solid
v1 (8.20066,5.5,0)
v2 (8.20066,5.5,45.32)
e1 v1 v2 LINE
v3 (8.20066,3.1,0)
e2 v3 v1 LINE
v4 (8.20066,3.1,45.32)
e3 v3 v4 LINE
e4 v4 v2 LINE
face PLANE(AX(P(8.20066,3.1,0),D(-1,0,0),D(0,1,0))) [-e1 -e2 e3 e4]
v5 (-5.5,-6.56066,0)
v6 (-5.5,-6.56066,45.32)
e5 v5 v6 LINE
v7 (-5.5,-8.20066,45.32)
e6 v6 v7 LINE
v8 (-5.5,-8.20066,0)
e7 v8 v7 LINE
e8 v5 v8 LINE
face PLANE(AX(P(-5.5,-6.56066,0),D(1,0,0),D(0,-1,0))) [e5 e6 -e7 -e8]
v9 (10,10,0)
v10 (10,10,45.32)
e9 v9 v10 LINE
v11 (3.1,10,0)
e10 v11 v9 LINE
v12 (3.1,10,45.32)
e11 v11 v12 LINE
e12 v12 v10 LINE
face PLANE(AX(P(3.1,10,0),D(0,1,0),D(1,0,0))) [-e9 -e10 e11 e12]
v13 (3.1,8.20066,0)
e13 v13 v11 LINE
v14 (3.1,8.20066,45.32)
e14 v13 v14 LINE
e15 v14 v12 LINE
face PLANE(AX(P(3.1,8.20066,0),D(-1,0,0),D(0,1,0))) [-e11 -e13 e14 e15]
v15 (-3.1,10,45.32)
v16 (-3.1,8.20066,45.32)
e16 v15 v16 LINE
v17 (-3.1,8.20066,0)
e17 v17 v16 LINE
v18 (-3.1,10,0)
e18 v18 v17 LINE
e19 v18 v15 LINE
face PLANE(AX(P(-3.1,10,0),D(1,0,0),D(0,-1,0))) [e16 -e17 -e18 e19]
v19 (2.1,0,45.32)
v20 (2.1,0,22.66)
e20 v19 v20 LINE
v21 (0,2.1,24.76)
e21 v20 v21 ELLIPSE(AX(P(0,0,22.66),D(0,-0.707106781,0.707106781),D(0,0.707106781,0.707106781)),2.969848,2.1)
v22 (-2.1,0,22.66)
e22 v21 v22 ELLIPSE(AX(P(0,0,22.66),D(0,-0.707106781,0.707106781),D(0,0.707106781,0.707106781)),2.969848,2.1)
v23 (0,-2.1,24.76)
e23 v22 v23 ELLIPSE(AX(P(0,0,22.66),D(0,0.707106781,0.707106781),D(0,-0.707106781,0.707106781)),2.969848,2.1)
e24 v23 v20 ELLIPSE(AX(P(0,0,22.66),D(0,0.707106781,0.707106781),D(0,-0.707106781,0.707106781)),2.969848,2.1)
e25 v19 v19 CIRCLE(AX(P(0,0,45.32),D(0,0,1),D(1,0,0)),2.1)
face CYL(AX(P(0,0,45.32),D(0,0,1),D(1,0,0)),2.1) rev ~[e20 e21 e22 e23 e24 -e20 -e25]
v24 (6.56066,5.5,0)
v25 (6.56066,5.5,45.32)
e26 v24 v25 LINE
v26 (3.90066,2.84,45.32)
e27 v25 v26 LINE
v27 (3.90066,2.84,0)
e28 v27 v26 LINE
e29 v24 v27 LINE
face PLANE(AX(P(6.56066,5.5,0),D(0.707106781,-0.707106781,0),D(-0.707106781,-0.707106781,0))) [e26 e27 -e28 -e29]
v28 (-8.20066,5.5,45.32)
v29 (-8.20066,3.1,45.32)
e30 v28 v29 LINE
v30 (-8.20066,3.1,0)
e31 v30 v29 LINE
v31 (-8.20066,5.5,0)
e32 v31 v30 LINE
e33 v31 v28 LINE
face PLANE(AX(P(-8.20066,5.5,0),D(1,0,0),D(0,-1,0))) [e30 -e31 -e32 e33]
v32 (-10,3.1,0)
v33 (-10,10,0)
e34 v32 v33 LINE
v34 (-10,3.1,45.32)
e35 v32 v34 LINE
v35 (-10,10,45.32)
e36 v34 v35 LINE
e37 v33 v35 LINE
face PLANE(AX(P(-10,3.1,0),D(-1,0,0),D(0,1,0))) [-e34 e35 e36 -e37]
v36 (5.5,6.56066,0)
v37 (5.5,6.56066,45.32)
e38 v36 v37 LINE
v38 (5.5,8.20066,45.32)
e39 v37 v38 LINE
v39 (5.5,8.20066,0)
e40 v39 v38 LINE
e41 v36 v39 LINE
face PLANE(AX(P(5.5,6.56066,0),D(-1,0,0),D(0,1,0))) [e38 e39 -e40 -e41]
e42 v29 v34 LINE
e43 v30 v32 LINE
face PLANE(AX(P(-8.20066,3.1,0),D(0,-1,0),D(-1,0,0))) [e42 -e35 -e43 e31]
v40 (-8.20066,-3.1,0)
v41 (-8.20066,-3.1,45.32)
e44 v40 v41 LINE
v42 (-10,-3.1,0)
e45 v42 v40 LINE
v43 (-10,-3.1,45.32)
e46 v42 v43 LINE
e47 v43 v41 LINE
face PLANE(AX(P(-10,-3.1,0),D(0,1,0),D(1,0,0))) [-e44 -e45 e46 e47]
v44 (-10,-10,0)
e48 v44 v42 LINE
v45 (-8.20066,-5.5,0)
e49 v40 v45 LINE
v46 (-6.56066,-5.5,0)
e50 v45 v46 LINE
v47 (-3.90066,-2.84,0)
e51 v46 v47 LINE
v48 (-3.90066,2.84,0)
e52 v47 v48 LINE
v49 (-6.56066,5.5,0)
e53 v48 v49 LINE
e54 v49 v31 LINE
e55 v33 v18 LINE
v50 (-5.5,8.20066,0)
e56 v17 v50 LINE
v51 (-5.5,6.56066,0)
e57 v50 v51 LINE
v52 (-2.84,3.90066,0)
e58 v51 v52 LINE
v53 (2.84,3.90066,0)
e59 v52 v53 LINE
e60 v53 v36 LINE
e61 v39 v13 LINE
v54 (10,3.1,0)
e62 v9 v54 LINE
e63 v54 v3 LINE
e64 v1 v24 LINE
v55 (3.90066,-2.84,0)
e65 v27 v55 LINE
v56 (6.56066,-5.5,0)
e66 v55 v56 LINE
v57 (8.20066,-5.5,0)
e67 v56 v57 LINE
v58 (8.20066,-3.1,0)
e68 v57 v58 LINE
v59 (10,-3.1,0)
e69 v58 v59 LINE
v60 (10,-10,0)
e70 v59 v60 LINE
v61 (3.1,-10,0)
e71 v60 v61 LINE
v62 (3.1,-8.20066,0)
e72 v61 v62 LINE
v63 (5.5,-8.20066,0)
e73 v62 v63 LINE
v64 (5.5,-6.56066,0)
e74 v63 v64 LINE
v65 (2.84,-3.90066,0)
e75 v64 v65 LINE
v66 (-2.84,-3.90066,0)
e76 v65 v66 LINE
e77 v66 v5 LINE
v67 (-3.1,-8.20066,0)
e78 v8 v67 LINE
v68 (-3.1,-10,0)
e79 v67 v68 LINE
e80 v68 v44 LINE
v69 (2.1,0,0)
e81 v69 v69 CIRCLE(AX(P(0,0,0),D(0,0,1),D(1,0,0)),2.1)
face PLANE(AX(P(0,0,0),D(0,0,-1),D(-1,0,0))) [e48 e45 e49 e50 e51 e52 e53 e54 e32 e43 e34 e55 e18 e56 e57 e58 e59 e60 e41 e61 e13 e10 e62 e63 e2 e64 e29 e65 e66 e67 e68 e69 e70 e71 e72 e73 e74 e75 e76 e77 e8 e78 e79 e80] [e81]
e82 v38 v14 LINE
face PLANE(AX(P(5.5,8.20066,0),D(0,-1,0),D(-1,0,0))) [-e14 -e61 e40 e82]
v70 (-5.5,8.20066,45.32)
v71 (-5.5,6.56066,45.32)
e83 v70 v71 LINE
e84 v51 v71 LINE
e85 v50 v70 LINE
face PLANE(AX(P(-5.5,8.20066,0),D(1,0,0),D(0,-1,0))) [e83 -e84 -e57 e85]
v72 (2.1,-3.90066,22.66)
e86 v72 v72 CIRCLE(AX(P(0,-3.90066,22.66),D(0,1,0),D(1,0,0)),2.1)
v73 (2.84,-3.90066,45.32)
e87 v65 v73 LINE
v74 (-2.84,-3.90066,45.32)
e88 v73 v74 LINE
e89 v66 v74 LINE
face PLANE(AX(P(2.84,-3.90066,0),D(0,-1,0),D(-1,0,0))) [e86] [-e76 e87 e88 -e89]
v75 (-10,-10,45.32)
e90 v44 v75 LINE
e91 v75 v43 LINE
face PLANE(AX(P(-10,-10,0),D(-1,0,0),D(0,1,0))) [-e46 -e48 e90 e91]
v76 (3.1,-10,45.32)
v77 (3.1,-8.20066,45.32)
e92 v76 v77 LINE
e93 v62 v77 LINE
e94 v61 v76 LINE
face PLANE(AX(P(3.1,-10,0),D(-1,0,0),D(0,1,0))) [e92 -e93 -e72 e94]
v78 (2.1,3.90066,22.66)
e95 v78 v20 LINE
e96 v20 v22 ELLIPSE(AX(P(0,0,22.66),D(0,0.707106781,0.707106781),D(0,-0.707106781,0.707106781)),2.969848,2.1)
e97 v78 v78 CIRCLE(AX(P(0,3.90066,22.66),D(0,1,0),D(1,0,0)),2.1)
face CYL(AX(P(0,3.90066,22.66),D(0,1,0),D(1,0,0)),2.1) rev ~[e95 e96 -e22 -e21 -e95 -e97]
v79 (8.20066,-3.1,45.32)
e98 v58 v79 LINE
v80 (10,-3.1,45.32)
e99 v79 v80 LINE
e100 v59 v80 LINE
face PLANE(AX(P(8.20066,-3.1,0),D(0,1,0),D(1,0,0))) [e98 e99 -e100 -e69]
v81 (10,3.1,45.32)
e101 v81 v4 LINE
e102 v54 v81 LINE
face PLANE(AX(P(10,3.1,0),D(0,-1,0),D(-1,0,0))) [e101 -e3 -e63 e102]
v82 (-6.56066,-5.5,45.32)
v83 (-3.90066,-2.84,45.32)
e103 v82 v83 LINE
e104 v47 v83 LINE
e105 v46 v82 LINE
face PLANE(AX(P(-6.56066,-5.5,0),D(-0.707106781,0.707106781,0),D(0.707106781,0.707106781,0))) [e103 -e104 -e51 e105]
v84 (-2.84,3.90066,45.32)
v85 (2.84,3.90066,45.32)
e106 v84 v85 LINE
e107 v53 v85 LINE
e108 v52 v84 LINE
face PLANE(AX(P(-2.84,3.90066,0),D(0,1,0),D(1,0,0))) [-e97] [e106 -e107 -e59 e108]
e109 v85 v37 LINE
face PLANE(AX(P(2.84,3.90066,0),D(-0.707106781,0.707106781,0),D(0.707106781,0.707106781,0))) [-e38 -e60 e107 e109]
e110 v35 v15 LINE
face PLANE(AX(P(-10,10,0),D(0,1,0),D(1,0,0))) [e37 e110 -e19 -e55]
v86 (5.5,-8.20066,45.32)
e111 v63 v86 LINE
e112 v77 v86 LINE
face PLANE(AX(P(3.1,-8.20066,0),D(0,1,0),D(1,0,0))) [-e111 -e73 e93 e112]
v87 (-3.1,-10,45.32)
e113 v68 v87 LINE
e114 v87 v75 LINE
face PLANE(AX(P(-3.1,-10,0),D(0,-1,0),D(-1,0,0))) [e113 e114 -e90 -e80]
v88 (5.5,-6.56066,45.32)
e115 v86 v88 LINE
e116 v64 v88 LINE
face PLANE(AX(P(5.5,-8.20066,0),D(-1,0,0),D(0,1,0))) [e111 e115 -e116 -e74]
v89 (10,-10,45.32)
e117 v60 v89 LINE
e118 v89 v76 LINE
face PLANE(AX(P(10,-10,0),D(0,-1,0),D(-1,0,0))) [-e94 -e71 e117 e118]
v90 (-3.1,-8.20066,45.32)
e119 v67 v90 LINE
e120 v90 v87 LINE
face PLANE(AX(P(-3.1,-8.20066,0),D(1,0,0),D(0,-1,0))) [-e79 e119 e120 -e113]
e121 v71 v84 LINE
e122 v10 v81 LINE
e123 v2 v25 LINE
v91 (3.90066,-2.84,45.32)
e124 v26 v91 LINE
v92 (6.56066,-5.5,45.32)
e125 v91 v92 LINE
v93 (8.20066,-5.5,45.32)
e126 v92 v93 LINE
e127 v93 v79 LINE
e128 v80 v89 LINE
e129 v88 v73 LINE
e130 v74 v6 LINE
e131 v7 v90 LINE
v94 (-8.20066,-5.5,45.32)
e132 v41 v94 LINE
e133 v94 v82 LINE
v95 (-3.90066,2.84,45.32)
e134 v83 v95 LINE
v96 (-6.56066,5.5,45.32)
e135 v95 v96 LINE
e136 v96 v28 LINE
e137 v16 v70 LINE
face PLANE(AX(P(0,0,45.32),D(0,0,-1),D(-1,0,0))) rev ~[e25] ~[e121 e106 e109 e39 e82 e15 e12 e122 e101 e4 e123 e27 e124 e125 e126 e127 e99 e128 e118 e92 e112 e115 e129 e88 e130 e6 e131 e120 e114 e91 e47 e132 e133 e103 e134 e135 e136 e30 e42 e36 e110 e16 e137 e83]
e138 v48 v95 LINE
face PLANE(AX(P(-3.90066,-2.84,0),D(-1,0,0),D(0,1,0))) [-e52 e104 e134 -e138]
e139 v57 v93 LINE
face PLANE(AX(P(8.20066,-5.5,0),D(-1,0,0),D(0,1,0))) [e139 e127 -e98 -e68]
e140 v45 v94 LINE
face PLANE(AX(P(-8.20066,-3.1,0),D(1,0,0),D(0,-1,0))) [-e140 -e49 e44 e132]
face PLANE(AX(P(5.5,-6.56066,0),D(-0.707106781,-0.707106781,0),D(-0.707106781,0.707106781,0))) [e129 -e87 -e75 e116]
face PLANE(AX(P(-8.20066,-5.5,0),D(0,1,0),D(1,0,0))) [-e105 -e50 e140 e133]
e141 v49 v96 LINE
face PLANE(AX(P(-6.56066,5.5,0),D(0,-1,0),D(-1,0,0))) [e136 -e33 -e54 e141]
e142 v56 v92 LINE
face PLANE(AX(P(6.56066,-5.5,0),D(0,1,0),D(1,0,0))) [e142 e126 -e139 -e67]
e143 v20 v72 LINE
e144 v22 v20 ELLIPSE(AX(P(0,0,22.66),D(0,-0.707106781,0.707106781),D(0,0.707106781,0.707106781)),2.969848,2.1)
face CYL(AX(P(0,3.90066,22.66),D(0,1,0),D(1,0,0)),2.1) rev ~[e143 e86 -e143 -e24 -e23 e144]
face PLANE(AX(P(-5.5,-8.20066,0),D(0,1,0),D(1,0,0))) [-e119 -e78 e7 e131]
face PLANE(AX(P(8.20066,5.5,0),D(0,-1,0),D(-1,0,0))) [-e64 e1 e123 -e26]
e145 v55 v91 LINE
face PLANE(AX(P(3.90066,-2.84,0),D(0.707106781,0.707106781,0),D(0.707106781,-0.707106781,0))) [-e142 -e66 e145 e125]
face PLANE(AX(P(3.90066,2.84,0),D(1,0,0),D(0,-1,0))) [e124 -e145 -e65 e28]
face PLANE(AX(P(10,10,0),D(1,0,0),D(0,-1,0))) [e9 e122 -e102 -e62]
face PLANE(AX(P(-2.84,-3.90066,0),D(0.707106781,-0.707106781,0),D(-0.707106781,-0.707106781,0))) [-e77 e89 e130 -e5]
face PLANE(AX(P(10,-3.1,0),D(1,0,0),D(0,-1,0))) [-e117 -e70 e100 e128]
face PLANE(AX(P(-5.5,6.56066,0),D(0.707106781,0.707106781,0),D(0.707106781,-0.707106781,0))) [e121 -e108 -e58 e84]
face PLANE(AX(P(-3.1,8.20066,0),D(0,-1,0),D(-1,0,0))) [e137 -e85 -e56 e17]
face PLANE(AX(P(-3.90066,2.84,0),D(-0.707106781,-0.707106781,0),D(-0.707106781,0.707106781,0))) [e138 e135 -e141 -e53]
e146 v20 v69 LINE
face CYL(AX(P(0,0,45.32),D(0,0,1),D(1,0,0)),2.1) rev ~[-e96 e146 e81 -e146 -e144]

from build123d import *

# Parameters (mm, degrees)
BOSS_EXTRUDE1_DEPTH = 45.32
SKETCH2_R           = 2.1
CUT_EXTRUDE1_DEPTH  = 46.32
SKETCH3_R           = 2.1
CUT_EXTRUDE2_DEPTH  = 14.900660172


with BuildPart() as part:
    # Sketch1 → Boss-Extrude1 (new body)
    with BuildSketch(Plane.XY):
        Polygon((-3.1, 10), (-3.1, 8.200660172), (-5.5, 8.200660172), (-5.5, 6.560660172), (-2.84, 3.900660172), (2.84, 3.900660172), (5.5, 6.560660172), (5.5, 8.200660172), (3.1, 8.200660172), (3.1, 10), (10, 10), (10, 3.1), (8.200660172, 3.1), (8.200660172, 5.5), (6.560660172, 5.5), (3.900660172, 2.84), (3.900660172, -2.84), (6.560660172, -5.5), (8.200660172, -5.5), (8.200660172, -3.1), (10, -3.1), (10, -10), (3.1, -10), (3.1, -8.200660172), (5.5, -8.200660172), (5.5, -6.560660172), (2.84, -3.900660172), (-2.84, -3.900660172), (-5.5, -6.560660172), (-5.5, -8.200660172), (-3.1, -8.200660172), (-3.1, -10), (-10, -10), (-10, -3.1), (-8.200660172, -3.1), (-8.200660172, -5.5), (-6.560660172, -5.5), (-3.900660172, -2.84), (-3.900660172, 2.84), (-6.560660172, 5.5), (-8.200660172, 5.5), (-8.200660172, 3.1), (-10, 3.1), (-10, 10), align=None)
    extrude(amount=BOSS_EXTRUDE1_DEPTH)

    # Sketch2 → Cut-Extrude1 (cut, through all)
    with BuildSketch(Plane.XY.offset(45.32)):
        Circle(SKETCH2_R)
    extrude(amount=-CUT_EXTRUDE1_DEPTH, mode=Mode.SUBTRACT)

    # Sketch3 → Cut-Extrude2 (cut, through all)
    with BuildSketch(Plane(origin=(0, 3.900660172, 0), x_dir=(1, 0, 0), z_dir=(0, 1, 0))):
        with Locations((0, -22.66)):
            Circle(SKETCH3_R)
    extrude(amount=-CUT_EXTRUDE2_DEPTH, mode=Mode.SUBTRACT)


solid = part.part
